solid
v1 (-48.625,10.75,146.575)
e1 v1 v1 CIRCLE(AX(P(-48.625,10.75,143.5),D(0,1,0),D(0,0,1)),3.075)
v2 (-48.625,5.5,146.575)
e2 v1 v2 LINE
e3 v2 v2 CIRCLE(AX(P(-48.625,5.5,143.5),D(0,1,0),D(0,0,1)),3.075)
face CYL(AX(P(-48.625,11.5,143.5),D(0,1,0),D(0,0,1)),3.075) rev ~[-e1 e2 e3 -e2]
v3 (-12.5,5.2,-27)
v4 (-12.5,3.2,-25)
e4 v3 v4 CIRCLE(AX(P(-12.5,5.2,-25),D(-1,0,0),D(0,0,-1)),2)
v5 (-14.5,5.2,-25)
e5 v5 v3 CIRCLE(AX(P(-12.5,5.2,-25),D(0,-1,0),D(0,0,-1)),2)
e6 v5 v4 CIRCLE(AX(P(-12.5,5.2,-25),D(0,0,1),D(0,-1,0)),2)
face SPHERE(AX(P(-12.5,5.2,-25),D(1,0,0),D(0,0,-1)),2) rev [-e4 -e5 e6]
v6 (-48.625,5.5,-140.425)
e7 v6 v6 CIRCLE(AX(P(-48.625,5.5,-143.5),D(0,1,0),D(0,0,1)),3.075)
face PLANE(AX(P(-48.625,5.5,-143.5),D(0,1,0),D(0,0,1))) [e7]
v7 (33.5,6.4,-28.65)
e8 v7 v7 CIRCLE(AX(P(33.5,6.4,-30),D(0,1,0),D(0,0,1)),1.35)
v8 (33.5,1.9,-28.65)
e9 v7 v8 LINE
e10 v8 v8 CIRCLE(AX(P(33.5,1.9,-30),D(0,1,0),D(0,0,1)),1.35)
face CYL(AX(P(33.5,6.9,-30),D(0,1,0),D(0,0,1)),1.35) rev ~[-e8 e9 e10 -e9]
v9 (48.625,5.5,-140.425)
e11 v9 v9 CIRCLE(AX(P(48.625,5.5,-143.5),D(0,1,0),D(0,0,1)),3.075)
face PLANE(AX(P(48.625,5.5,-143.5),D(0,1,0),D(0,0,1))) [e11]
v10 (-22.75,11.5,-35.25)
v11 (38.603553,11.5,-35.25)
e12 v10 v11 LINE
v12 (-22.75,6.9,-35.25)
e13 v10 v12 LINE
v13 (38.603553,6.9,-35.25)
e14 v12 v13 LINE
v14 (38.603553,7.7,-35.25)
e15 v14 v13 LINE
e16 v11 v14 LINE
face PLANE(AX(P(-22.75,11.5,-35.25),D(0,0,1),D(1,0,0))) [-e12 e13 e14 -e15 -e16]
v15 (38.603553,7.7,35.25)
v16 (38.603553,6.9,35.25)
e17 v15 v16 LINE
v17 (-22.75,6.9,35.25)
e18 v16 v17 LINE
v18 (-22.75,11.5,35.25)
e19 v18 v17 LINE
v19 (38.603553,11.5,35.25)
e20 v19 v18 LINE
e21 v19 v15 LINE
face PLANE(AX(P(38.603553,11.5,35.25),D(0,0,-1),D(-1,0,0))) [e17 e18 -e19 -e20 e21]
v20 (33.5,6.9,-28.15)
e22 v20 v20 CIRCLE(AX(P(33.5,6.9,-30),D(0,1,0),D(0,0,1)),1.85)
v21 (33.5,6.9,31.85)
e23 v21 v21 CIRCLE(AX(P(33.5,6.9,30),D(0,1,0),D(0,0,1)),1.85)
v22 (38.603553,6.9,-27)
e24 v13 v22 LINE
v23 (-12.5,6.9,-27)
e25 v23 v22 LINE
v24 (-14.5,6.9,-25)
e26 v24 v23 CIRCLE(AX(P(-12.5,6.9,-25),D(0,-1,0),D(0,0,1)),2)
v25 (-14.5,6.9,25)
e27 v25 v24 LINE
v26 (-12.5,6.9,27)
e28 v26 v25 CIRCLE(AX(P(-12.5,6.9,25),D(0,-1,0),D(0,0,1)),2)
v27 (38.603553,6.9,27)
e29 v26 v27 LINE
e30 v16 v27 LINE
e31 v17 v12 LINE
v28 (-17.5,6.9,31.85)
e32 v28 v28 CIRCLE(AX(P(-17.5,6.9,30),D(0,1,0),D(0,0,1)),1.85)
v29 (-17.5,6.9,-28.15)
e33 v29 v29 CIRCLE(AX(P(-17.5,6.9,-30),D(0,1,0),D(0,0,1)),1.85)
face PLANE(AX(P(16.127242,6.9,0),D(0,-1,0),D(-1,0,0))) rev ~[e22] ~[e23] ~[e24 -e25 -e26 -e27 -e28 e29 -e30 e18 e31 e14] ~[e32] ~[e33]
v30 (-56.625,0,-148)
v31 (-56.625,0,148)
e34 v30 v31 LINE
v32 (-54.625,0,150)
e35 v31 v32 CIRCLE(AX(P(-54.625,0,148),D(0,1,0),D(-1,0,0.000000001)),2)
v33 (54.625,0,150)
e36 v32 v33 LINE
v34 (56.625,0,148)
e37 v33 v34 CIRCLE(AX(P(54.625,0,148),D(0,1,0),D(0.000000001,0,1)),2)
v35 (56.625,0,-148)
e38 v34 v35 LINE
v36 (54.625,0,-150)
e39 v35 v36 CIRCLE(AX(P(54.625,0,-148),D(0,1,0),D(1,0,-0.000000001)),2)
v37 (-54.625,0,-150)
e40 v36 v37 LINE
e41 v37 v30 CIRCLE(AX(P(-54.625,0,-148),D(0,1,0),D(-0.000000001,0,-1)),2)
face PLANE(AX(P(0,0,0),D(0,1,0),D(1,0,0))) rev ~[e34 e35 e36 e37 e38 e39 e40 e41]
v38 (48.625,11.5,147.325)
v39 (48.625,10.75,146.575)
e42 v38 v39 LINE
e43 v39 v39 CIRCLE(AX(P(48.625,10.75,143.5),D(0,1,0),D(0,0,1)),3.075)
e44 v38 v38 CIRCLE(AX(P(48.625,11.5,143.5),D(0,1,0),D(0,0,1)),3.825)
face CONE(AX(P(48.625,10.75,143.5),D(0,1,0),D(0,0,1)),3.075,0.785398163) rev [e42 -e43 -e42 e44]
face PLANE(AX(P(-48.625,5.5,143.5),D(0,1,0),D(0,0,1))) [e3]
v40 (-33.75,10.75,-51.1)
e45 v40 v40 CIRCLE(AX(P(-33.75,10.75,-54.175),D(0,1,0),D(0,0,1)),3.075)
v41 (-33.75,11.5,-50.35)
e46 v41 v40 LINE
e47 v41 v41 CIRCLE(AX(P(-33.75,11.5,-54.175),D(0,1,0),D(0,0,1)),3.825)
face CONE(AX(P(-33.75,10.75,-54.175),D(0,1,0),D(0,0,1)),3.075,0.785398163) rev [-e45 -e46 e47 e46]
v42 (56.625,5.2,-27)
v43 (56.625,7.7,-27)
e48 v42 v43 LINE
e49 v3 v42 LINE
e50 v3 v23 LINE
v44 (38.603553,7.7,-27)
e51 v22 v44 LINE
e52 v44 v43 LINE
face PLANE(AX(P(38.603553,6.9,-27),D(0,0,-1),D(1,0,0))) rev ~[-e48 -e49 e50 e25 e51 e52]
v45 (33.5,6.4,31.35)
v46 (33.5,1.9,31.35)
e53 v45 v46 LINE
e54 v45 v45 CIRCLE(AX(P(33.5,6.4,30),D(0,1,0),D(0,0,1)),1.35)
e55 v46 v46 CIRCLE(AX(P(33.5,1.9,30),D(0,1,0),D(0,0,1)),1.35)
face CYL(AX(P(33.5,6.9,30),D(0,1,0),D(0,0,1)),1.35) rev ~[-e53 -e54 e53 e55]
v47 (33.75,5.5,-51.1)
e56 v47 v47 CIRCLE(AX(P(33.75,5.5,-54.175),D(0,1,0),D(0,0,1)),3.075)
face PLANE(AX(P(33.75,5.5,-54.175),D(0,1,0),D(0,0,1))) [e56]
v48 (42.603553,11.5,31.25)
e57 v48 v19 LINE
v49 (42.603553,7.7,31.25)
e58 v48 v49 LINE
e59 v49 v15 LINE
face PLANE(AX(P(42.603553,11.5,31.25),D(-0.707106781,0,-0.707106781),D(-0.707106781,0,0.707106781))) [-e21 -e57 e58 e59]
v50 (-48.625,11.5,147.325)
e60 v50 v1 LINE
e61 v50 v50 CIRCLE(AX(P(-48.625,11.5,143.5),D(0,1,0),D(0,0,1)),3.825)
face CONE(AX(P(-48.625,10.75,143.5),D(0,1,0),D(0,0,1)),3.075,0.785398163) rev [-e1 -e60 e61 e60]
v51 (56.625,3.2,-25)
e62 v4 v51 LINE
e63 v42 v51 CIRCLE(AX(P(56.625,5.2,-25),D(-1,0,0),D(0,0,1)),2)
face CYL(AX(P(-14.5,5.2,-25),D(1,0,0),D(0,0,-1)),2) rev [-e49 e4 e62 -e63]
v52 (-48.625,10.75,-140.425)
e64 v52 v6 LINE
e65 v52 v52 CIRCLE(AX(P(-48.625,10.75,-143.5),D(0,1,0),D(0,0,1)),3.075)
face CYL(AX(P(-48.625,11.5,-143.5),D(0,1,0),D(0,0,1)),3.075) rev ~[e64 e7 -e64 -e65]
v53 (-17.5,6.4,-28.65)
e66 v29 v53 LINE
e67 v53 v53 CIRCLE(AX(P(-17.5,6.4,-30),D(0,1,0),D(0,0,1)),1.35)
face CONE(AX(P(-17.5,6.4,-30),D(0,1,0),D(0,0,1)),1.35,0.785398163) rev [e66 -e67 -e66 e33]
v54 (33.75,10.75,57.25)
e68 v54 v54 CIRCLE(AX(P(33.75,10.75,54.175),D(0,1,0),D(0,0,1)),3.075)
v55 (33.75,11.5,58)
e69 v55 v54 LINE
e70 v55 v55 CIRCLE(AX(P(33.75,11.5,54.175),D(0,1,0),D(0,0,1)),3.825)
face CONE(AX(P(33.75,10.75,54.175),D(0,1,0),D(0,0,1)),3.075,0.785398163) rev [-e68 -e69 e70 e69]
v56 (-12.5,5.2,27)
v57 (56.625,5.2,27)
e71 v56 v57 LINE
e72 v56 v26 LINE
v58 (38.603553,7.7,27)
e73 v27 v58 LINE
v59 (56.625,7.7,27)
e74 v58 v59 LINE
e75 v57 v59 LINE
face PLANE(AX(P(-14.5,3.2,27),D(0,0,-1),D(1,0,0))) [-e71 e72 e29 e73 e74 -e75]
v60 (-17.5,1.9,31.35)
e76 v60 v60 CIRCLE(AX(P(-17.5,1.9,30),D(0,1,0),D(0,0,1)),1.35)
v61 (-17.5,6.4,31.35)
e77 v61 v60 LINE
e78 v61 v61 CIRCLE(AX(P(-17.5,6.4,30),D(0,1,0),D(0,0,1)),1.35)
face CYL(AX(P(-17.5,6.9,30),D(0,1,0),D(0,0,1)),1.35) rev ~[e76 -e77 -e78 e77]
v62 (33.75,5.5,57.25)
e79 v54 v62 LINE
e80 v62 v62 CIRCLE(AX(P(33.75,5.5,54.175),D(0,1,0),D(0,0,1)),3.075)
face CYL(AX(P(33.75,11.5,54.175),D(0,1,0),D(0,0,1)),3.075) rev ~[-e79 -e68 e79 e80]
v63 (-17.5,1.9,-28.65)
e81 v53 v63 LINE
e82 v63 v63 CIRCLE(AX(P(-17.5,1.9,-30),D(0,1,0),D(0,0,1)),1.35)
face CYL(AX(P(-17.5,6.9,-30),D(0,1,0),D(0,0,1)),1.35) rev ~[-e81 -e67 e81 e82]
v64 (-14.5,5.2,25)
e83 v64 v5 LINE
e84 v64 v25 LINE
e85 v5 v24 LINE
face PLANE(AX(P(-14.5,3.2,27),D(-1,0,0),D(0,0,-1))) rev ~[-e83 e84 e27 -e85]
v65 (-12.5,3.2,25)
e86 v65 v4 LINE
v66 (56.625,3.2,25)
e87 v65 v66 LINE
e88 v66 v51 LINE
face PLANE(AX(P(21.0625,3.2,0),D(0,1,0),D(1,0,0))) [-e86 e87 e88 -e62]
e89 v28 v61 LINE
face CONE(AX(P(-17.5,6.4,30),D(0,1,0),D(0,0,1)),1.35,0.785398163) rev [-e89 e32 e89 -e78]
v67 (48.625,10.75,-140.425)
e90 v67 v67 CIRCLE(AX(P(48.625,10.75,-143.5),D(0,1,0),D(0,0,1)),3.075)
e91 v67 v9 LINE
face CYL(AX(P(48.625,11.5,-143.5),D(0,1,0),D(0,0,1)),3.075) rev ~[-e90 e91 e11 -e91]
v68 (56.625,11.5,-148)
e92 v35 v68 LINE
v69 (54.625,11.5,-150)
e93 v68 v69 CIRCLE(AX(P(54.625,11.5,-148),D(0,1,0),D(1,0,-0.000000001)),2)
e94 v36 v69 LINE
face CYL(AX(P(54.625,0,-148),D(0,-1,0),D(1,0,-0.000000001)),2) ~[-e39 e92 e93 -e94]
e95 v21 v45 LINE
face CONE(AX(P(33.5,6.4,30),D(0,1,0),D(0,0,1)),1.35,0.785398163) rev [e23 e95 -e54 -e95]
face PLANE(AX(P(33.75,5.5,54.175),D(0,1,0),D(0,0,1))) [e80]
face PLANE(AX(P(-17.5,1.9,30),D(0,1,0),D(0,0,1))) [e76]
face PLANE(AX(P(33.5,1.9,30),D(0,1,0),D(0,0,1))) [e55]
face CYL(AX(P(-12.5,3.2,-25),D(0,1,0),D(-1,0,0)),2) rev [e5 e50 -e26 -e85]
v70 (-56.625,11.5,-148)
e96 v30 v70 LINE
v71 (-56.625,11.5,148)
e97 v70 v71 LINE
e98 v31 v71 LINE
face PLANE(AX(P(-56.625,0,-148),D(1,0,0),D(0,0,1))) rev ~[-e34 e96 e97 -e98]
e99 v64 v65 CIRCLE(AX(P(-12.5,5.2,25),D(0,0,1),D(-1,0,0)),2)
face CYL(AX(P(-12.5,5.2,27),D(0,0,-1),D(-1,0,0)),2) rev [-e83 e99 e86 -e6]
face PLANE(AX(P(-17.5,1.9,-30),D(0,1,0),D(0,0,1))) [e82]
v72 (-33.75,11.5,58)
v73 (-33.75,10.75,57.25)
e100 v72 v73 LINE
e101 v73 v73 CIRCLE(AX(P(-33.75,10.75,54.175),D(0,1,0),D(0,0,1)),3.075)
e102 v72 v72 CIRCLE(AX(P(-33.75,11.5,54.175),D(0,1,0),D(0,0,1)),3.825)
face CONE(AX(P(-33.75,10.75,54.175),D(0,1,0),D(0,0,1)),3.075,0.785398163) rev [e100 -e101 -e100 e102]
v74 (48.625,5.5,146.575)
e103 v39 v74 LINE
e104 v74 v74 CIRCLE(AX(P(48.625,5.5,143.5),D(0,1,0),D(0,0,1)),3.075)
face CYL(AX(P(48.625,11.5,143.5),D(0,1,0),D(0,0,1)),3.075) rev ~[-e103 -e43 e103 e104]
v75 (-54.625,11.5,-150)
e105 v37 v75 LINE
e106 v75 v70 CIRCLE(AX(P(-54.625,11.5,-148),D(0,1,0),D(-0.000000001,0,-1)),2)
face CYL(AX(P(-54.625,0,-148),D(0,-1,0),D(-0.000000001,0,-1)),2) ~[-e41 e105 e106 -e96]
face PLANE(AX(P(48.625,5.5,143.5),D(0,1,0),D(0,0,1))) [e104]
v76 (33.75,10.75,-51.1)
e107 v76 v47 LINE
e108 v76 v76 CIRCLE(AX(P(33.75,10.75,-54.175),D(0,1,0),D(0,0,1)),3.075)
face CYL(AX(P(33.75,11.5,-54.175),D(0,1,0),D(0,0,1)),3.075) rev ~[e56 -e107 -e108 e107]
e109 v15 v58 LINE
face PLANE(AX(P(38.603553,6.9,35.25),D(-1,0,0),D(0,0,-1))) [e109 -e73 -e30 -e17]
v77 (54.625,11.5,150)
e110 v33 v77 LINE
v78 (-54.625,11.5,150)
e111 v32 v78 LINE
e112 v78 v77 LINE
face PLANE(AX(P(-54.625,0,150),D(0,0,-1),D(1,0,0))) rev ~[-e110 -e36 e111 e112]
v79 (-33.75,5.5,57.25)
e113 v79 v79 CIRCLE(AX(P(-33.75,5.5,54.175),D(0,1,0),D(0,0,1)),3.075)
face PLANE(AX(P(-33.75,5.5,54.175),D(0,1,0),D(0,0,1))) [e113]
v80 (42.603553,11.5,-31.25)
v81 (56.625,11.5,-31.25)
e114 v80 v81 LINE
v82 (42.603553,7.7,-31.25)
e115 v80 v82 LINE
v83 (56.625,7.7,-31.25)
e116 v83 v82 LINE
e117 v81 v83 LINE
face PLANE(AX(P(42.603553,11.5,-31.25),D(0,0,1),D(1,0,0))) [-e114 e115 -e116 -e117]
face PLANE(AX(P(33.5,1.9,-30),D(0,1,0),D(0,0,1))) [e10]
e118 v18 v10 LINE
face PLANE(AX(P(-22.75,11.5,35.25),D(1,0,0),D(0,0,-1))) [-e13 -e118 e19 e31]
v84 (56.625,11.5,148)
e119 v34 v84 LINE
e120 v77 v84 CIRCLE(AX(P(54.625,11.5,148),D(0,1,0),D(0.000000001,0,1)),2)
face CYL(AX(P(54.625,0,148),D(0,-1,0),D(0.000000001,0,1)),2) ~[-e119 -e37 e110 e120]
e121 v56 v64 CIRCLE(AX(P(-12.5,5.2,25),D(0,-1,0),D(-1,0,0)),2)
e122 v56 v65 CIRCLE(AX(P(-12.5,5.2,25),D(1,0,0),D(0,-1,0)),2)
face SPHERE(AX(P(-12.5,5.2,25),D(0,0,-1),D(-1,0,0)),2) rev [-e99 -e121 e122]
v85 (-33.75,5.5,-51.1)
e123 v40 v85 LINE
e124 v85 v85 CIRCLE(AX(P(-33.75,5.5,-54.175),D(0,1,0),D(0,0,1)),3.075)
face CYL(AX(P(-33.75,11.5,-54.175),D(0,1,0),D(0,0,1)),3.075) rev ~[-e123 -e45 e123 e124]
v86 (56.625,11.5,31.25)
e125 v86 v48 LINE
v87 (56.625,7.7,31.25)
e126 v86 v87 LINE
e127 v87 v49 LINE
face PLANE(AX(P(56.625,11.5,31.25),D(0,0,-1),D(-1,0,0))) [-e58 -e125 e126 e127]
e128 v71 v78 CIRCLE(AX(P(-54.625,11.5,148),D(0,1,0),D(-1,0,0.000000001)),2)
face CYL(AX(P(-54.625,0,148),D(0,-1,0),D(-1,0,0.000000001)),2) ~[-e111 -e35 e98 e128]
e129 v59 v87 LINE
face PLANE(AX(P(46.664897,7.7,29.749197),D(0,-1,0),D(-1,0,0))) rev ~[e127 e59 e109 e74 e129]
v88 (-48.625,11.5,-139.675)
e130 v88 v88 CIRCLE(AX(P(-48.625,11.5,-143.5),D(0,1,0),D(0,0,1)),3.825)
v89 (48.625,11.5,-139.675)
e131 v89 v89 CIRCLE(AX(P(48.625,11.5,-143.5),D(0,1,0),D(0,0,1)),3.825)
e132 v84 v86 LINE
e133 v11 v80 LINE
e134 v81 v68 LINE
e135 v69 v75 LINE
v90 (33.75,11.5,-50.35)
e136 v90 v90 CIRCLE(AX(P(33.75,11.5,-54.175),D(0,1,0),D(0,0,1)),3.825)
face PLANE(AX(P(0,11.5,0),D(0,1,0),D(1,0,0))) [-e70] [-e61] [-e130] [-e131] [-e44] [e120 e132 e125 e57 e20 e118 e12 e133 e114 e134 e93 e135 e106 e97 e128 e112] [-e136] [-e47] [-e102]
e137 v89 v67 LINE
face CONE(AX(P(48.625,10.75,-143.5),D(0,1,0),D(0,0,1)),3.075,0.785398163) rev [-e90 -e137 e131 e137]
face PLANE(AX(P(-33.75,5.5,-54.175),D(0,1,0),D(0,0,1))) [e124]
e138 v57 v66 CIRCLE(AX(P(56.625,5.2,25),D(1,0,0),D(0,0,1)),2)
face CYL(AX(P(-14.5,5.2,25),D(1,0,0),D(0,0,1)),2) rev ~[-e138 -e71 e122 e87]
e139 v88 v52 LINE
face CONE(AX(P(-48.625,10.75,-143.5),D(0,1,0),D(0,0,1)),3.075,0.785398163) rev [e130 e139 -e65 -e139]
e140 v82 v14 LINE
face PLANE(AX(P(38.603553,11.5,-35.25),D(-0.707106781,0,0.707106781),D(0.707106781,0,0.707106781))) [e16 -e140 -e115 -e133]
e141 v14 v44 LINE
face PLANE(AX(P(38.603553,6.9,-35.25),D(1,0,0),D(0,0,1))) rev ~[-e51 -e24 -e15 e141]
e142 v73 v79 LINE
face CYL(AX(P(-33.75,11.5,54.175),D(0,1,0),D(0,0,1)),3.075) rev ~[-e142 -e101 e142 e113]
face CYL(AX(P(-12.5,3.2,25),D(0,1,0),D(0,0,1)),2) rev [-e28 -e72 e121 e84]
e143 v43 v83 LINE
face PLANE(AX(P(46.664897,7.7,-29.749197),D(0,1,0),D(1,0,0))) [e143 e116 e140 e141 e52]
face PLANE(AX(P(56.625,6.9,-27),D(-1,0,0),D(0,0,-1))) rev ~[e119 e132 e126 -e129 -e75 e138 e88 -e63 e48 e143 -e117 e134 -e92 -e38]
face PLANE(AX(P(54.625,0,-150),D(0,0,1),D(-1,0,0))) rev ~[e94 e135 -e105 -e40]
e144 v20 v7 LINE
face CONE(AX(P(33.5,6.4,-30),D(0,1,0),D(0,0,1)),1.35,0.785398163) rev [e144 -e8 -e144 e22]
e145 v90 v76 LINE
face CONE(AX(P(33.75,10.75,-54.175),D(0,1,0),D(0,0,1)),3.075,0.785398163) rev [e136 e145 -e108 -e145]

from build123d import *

# Parameters (mm, degrees)
BOSS_EXTRUDE1_DEPTH     = 11.5
SKETCH4_R               = 3.075
CUT_EXTRUDE1_DEPTH      = 6
CUT_EXTRUDE6_DEPTH      = 4.6
CUT_EXTRUDE3_DEPTH      = 161.480530361
CUT_EXTRUDE3_DEPTH_BACK = 3.7
SKETCH24_W              = 71.125
SKETCH24_H              = 54
SKETCH25_R              = 1.35
CUT_EXTRUDE4_DEPTH      = 5
CHAMFER4_SIZE           = 0.5
FILLET1_R               = 2
BOSS_EXTRUDE2_DEPTH     = 0.8
CHAMFER5_SIZE           = 0.75


with BuildPart() as part:
    # Sketch1 → Boss-Extrude1 (new body)
    with BuildSketch(Plane(origin=(0, 0, 0), x_dir=(1, 0, 0), z_dir=(0, 1, 0))):
        with BuildLine():
            Line((-56.625, 135), (-56.625, -135))
            Line((-56.625, -135), (-56.625, -148))
            ThreePointArc((-56.625, -148), (-56.039213562, -149.414213562), (-54.625, -150))
            Line((-54.625, -150), (54.625, -150))
            ThreePointArc((54.625, -150), (56.039213562, -149.414213562), (56.625, -148))
            Line((56.625, -148), (56.625, -135))
            Line((56.625, -135), (56.625, 135))
            Line((56.625, 135), (56.625, 148))
            ThreePointArc((56.625, 148), (56.039213562, 149.414213562), (54.625, 150))
            Line((54.625, 150), (-54.625, 150))
            ThreePointArc((-54.625, 150), (-56.039213562, 149.414213562), (-56.625, 148))
            Line((-56.625, 148), (-56.625, 135))
        make_face()
    extrude(amount=BOSS_EXTRUDE1_DEPTH)

    # Sketch4 → Cut-Extrude1 (cut)
    with BuildSketch(Plane(origin=(0, 11.5, 0), x_dir=(1, 0, 0), z_dir=(0, 1, 0))):
        with Locations(Location((-48.625, -143.5, 0), (0, 0, 270))):
            Circle(SKETCH4_R)
        with Locations(Location((48.625, -143.5, 0), (0, 0, 270))):
            Circle(SKETCH4_R)
        with Locations(Location((48.625, 143.5, 0), (0, 0, 270))):
            Circle(SKETCH4_R)
        with Locations(Location((-48.625, 143.5, 0), (0, 0, 270))):
            Circle(SKETCH4_R)
        with Locations(Location((-33.75, -54.175, 0), (0, 0, 270))):
            Circle(SKETCH4_R)
        with Locations(Location((33.75, -54.175, 0), (0, 0, 270))):
            Circle(SKETCH4_R)
        with Locations(Location((33.75, 54.175, 0), (0, 0, 270))):
            Circle(SKETCH4_R)
        with Locations(Location((-33.75, 54.175, 0), (0, 0, 270))):
            Circle(SKETCH4_R)
    extrude(amount=-CUT_EXTRUDE1_DEPTH, mode=Mode.SUBTRACT)

    # Sketch21 → Cut-Extrude6 (cut)
    with BuildSketch(Plane(origin=(0, 11.5, 0), x_dir=(1, 0, 0), z_dir=(0, 1, 0))):
        Polygon((56.625, 31), (56.625, -31), (56.625, -31.25), (42.603553391, -31.25), (38.603553391, -35.25), (-22.75, -35.25), (-22.75, 35.25), (38.603553391, 35.25), (42.603553391, 31.25), (56.625, 31.25), align=None)
    extrude(amount=-CUT_EXTRUDE6_DEPTH, mode=Mode.SUBTRACT)

    # Sketch24 → Cut-Extrude3 (cut, two sides: drawn at the far end of the back side and taken through both)
    with BuildSketch(Plane(origin=(0, 6.9, 0), x_dir=(1, 0, 0), z_dir=(0, 1, 0)).offset(-CUT_EXTRUDE3_DEPTH_BACK)):
        with Locations((21.0625, 0)):
            Rectangle(SKETCH24_W, SKETCH24_H)
    extrude(amount=CUT_EXTRUDE3_DEPTH + CUT_EXTRUDE3_DEPTH_BACK, mode=Mode.SUBTRACT)

    # Sketch25 → Cut-Extrude4 (cut)
    with BuildSketch(Plane(origin=(0, 6.9, 0), x_dir=(1, 0, 0), z_dir=(0, 1, 0))):
        with Locations(Location((33.5, 30, 0), (0, 0, 270))):
            Circle(SKETCH25_R)
        with Locations(Location((-17.5, 30, 0), (0, 0, 270))):
            Circle(SKETCH25_R)
        with Locations(Location((33.5, -30, 0), (0, 0, 270))):
            Circle(SKETCH25_R)
        with Locations(Location((-17.5, -30, 0), (0, 0, 270))):
            Circle(SKETCH25_R)
    extrude(amount=-CUT_EXTRUDE4_DEPTH, mode=Mode.SUBTRACT)

    # Chamfer4
    chamfer4_edges = [part.edges().sort_by_distance(p)[0] for p in [
        (-17.5, 6.9, -31.35),
        (33.5, 6.9, 28.65),
        (-17.5, 6.9, 28.65),
        (33.5, 6.9, -31.35),
    ]]
    chamfer(chamfer4_edges, length=CHAMFER4_SIZE)

    # Fillet1
    fillet1_edges = [part.edges().sort_by_distance(p)[0] for p in [
        (21.0625, 3.2, -27),
        (-14.5, 5.05, -27),
        (-14.5, 3.2, 0),
        (-14.5, 5.05, 27),
        (21.0625, 3.2, 27),
    ]]
    fillet(fillet1_edges, radius=FILLET1_R)

    # Sketch26 → Boss-Extrude2 (add)
    with BuildSketch(Plane(origin=(0, 6.9, 0), x_dir=(1, 0, 0), z_dir=(0, 1, 0))):
        Polygon((38.603553391, 35.25), (38.603553391, 27), (56.625, 27), (56.625, 31.25), (42.603553391, 31.25), align=None)
        Polygon((42.603553391, -31.25), (38.603553391, -35.25), (38.603553391, -27), (56.625, -27), (56.625, -31.25), align=None)
    extrude(amount=BOSS_EXTRUDE2_DEPTH)

    # Chamfer5
    chamfer5_edges = [part.edges().sort_by_distance(p)[0] for p in [
        (48.625, 11.5, 140.425),
        (48.625, 11.5, -146.575),
        (-33.75, 11.5, 51.1),
        (33.75, 11.5, 51.1),
        (-33.75, 11.5, -57.25),
        (33.75, 11.5, -57.25),
        (-48.625, 11.5, -146.575),
        (-48.625, 11.5, 140.425),
    ]]
    chamfer(chamfer5_edges, length=CHAMFER5_SIZE)


solid = part.part
